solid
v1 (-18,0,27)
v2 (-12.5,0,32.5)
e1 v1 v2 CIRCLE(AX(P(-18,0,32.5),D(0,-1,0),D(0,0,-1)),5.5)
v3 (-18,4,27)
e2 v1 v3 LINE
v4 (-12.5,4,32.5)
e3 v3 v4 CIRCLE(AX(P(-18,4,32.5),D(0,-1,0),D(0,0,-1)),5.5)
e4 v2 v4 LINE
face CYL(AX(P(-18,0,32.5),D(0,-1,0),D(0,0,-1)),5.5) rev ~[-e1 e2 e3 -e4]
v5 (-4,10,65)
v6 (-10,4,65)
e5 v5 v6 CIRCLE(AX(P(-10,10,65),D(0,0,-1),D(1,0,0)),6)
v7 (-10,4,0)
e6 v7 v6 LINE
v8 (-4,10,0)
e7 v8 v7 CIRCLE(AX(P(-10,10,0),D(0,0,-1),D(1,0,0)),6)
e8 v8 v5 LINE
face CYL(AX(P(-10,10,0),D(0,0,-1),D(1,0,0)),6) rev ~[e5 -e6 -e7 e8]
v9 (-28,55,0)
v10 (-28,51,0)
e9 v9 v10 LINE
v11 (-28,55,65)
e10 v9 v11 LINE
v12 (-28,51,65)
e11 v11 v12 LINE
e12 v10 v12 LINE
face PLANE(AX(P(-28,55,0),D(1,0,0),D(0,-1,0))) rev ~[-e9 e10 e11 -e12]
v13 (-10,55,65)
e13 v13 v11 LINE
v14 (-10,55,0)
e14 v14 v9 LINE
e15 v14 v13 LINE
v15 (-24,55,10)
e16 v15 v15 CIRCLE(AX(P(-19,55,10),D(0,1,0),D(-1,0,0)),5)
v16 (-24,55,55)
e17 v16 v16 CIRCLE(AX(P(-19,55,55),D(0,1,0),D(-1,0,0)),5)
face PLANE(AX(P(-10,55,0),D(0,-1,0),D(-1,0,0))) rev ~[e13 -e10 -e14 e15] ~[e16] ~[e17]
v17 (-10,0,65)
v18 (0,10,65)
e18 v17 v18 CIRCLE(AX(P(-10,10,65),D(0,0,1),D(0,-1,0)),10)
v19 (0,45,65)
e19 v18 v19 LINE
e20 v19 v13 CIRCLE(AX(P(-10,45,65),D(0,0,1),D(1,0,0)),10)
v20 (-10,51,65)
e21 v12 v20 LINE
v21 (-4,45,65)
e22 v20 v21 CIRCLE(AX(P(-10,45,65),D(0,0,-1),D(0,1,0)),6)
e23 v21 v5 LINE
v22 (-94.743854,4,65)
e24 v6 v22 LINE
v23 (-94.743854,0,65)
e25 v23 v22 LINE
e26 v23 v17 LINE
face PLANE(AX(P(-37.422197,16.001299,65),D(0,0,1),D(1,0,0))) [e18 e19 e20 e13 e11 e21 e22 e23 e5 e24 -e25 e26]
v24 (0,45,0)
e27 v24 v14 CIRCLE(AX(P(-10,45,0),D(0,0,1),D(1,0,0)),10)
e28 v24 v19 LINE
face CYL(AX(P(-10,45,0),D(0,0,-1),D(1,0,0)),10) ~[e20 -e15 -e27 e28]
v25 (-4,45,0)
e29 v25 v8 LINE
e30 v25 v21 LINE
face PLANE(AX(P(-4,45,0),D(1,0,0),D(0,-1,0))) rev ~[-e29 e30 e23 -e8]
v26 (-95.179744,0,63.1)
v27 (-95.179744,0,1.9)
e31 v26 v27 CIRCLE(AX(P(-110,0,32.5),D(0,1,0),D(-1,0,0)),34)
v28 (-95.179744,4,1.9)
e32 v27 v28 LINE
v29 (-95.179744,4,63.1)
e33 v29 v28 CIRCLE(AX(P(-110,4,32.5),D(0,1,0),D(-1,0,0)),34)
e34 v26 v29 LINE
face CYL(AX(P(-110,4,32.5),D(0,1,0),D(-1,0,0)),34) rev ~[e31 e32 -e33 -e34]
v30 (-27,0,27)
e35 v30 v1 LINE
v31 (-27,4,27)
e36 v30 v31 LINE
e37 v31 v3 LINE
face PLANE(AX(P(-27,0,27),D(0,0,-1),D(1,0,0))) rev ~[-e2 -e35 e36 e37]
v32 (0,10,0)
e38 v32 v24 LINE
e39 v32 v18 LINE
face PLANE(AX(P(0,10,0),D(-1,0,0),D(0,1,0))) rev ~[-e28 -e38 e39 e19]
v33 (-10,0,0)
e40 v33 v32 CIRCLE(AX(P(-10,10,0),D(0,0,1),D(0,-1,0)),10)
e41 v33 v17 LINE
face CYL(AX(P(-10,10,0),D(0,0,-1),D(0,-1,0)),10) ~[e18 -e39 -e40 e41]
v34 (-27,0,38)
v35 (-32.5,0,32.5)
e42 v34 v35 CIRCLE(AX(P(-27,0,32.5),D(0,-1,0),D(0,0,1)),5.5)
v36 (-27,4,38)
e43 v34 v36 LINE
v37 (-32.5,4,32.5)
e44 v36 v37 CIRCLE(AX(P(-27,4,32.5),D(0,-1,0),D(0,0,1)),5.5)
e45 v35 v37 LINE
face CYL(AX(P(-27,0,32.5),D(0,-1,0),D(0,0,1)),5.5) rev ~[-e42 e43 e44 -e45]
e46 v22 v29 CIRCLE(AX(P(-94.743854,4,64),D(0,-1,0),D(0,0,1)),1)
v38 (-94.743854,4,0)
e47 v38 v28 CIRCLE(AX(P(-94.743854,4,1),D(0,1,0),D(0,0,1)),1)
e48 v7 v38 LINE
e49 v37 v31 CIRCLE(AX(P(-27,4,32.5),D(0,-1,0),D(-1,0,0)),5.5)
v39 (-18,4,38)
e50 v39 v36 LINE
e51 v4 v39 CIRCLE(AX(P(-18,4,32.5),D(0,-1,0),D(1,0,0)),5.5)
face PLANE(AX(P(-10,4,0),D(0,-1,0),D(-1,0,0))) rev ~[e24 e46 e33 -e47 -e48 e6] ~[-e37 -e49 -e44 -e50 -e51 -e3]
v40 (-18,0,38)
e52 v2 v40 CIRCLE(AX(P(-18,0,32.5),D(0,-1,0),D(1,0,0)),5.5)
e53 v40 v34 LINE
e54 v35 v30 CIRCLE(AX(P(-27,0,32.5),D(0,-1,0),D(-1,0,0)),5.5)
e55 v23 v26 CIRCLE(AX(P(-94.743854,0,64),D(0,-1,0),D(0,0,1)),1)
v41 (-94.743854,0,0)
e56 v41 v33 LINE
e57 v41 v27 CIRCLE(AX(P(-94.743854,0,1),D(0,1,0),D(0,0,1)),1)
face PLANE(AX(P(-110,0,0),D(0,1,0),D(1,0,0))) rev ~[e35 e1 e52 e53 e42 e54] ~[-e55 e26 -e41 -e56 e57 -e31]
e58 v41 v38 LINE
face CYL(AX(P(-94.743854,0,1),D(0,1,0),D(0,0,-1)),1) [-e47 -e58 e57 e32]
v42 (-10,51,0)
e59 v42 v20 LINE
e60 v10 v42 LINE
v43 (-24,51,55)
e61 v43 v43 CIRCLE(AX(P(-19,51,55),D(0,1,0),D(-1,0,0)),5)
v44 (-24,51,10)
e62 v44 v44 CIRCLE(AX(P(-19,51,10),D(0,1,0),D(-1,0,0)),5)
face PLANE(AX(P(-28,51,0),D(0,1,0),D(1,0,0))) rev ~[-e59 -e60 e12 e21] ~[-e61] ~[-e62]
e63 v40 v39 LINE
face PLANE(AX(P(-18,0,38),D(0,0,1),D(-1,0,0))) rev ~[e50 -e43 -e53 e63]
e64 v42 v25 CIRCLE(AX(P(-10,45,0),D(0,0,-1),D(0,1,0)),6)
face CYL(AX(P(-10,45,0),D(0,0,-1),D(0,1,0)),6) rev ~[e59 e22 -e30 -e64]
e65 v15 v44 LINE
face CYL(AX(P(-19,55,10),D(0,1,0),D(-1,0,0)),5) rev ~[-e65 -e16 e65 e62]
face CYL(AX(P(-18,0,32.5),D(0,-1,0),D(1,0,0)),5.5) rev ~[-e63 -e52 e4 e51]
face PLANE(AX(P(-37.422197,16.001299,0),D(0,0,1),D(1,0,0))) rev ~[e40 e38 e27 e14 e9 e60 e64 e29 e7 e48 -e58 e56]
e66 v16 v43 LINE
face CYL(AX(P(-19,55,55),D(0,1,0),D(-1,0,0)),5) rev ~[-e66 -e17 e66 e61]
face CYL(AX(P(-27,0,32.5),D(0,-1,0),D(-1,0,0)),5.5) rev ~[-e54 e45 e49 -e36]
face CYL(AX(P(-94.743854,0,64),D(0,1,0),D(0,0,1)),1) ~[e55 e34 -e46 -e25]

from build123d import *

# Parameters (mm, degrees)
F1_DEPTH  = 65
F3_R      = 34
F4_DEPTH  = 25
F5_R      = 1
F7_R      = 5
F8_DEPTH  = 25
F11_DEPTH = 25


with BuildPart() as f1:
    # F0 (on Top) → F1 (new body)
    with BuildSketch(Plane.XY):
        with BuildLine():
            ThreePointArc((-10, 0), (-2.9289321881, 2.9289321881), (0, 10))
            Line((0, 10), (0, 45))
            ThreePointArc((0, 45), (-2.9289321881, 52.0710678119), (-10, 55))
            Line((-10, 55), (-28, 55))
            Line((-28, 55), (-28, 51))
            Line((-28, 51), (-10, 51))
            ThreePointArc((-10, 51), (-5.7573593129, 49.2426406871), (-4, 45))
            Line((-4, 45), (-4, 10))
            ThreePointArc((-4, 10), (-5.7573593129, 5.7573593129), (-10, 4))
            Line((-10, 4), (-110, 4))
            Line((-110, 4), (-110, 0))
            Line((-110, 0), (-10, 0))
        make_face()
    extrude(amount=F1_DEPTH)

    # F3 (on offset) → F4 (cut)
    with BuildSketch(Plane(origin=(0, 4, 0), x_dir=(-1, 0, 0), z_dir=(0, 1, 0))):
        with Locations((110, 32.5)):
            Circle(F3_R)
    extrude(amount=-F4_DEPTH, mode=Mode.SUBTRACT)

    # F5
    f5_edges = [f1.edges().sort_by_distance(p)[0] for p in [
        (-100.012508, 2, 65),
        (-100.012508, 2, 0),
    ]]
    fillet(f5_edges, radius=F5_R)

    # F7 (on offset) → F8 (cut)
    with BuildSketch(Plane(origin=(0, 55, 0), x_dir=(-1, 0, 0), z_dir=(0, 1, 0))):
        with Locations((19, 55)):
            Circle(F7_R)
        with Locations((19, 10)):
            Circle(F7_R)
    extrude(amount=-F8_DEPTH, mode=Mode.SUBTRACT)

    # F10 (on offset) → F11 (cut)
    with BuildSketch(Plane.XZ):
        with BuildLine():
            Line((-27, 27), (-18, 27))
            ThreePointArc((-18, 27), (-14.1109127035, 28.6109127035), (-12.5, 32.5))
            ThreePointArc((-12.5, 32.5), (-14.1109127035, 36.3890872965), (-18, 38))
            Line((-18, 38), (-27, 38))
            ThreePointArc((-27, 38), (-30.8890872965, 36.3890872965), (-32.5, 32.5))
            ThreePointArc((-32.5, 32.5), (-30.8890872965, 28.6109127035), (-27, 27))
        make_face()
    extrude(amount=-F11_DEPTH, mode=Mode.SUBTRACT)


solid = f1.part
